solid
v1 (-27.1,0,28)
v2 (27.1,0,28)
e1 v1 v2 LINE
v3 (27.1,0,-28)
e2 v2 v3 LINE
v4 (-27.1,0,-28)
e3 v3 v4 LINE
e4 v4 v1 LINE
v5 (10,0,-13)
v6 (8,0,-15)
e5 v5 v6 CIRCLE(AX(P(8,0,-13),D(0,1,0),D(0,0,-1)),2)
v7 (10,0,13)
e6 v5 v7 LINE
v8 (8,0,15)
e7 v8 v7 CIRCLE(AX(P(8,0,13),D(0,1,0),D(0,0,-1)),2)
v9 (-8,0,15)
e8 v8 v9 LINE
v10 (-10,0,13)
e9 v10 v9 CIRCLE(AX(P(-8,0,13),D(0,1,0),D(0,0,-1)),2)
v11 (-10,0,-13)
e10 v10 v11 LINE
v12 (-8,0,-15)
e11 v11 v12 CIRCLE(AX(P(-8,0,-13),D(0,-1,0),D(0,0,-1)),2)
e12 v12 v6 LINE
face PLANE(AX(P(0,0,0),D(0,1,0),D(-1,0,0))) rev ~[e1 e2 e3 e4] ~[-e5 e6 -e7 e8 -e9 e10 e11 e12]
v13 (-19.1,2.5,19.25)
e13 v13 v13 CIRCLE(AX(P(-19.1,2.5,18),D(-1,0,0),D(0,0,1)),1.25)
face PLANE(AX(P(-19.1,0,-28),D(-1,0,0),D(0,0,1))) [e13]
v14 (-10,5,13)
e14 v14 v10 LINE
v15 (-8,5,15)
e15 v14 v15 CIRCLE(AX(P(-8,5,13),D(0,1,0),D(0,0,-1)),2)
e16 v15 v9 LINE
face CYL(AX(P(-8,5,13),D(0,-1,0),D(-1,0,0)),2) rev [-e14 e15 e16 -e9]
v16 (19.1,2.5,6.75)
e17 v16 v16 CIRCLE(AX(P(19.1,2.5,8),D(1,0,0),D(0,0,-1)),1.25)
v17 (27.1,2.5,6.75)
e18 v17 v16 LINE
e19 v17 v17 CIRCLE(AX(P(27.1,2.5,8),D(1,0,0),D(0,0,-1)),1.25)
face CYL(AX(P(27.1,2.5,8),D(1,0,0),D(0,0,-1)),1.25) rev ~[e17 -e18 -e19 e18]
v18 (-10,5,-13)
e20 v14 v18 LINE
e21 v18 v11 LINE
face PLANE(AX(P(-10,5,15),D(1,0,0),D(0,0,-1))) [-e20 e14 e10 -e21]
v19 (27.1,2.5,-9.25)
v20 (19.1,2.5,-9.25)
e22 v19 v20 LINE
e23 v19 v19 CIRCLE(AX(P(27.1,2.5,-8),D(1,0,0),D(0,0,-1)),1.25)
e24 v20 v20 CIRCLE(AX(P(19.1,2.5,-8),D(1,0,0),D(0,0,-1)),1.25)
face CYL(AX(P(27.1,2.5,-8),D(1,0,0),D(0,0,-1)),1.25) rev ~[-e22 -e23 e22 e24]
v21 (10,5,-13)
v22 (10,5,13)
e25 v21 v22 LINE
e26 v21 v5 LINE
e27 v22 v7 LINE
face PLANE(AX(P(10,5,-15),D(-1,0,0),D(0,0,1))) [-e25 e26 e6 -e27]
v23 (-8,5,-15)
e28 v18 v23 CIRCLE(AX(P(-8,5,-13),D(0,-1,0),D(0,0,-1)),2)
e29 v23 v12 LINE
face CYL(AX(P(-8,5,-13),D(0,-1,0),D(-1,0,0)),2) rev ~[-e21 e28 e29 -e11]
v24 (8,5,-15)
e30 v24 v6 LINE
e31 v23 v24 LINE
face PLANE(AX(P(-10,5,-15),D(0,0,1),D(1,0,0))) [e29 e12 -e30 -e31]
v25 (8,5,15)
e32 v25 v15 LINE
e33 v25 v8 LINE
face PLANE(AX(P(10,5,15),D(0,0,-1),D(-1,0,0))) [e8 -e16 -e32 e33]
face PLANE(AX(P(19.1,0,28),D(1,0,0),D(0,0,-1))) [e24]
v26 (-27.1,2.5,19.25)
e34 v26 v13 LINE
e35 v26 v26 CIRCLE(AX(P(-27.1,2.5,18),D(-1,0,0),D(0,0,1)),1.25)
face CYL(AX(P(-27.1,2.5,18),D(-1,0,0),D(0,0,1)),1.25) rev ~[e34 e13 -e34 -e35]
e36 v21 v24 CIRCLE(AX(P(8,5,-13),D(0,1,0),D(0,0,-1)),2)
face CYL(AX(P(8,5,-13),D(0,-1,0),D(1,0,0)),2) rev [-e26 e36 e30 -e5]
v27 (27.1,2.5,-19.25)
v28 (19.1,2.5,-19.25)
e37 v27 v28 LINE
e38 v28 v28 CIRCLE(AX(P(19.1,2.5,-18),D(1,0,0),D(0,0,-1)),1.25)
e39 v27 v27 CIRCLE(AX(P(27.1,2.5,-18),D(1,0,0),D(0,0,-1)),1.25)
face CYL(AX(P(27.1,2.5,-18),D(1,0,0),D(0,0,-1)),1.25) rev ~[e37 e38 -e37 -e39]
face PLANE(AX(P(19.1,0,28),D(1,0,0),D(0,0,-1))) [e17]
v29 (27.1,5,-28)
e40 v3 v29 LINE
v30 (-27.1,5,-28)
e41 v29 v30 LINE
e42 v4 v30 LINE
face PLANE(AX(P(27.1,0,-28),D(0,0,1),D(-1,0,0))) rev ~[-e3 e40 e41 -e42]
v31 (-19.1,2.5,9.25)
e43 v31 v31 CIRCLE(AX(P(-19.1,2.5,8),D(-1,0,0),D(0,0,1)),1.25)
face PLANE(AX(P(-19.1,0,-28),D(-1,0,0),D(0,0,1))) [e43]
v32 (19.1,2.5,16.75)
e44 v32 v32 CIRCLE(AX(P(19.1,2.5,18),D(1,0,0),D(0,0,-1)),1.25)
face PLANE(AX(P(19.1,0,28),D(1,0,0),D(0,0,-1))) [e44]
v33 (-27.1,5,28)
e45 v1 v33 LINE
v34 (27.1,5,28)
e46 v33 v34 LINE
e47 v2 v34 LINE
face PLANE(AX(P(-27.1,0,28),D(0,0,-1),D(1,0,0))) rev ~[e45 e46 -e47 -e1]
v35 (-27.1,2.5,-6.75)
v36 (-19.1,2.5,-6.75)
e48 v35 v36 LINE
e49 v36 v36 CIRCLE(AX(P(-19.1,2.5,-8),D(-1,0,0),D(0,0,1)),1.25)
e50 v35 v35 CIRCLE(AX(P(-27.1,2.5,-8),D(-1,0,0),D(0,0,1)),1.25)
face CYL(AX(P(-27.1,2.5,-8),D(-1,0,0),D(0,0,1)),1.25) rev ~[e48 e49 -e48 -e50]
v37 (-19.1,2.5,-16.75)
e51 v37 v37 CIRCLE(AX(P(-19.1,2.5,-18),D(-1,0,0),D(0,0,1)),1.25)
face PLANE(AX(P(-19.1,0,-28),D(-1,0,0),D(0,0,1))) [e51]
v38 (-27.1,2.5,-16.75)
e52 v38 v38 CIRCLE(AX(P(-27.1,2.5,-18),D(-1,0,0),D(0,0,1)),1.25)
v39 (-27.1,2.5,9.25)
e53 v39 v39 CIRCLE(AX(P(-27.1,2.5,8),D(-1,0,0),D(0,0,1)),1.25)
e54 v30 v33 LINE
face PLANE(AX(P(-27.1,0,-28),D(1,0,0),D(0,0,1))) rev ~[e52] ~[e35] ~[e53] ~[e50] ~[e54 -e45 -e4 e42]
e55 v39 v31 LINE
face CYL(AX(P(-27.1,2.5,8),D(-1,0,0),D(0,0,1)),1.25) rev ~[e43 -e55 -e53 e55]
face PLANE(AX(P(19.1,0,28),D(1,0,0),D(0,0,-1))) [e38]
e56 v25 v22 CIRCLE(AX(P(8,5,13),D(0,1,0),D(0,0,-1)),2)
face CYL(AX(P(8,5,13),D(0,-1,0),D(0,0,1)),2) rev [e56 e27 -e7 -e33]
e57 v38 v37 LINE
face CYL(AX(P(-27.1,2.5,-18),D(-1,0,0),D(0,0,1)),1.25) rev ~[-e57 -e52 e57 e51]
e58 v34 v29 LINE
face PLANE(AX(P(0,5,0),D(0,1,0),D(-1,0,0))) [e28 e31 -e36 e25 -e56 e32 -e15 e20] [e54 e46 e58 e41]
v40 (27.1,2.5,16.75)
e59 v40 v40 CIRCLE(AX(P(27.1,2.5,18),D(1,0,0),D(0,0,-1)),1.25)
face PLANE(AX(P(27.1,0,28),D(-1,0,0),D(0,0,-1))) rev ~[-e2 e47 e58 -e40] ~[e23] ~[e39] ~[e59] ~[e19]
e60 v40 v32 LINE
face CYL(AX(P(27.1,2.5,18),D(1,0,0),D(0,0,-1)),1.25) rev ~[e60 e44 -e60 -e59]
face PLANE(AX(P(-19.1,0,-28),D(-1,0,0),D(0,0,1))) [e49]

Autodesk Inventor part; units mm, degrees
ref_plane "YZ Plane" through (0, 0, 0) normal (1, 0, 0) x (0, 1, 0)
ref_plane "XZ Plane" through (0, 0, 0) normal (0, 1, 0) x (-1, 0, 0)
ref_plane "XY Plane" through (0, 0, 0) normal (0, 0, 1) x (1, 0, 0)
sketch "스케치1" plane through (0, 0, 0) normal (0, 1, 0) x (-1, 0, 0)
  line L0 (27.1, 28) -> (-27.1, 28)
  line L1 (-27.1, 28) -> (-27.1, -28)
  line L2 (-27.1, -28) -> (27.1, -28)
  line L3 (27.1, -28) -> (27.1, 28)
  point P0 (0, 0)
  dimension "d0" = 54.2
  dimension "d1" = 56
  dimension "d2" = 27.1
  dimension "d3" = 28
extrude "돌출1" add sketch "스케치1" along normal blind 5
sketch "스케치5" plane through (27.1, 0, 28) normal (1, 0, 0) x (0, 0, -1)
  line L0 (0, 0) -> (56, 0) projected
  line L1 (56, 0) -> (56, 5) projected
  line L2 (0, 5) -> (56, 5) projected
  line L3 (0, 0) -> (0, 5) projected
  circle A0 centre (10, 2.5) radius 1.25
  circle A1 centre (20, 2.5) radius 1.25
  circle A2 centre (46, 2.5) radius 1.25
  circle A3 centre (36, 2.5) radius 1.25
  point P0 (28, 0)
  dimension "d16" = 2.5
  dimension "d17" = 2.5
  dimension "d18" = 2.5
  dimension "d19" = 2.5
  dimension "d20" = 2.5
  dimension "d21" = 2.5
  dimension "d22" = 2.5
  dimension "d23" = 2.5
  dimension "d24" = 10
  dimension "d25" = 20
  dimension "d26" = 20
  dimension "d27" = 10
extrude "돌출5" cut sketch "스케치5" against normal blind 8 contours A0 | A1 | A2 | A3
sketch "스케치6" plane through (-27.1, 0, -28) normal (-1, 0, 0) x (0, 0, 1)
  circle A0 centre (10, 2.5) radius 1.25 projected
  circle A1 centre (46, 2.5) radius 1.25 projected
  circle A2 centre (36, 2.5) radius 1.25 projected
  circle A3 centre (20, 2.5) radius 1.25 projected
  line L0 (56, 0) -> (0, 0) projected
  line L1 (0, 0) -> (0, 5) projected
  line L2 (56, 5) -> (0, 5) projected
  line L3 (56, 0) -> (56, 5) projected
  point P0 (28, 0)
extrude "돌출6" cut sketch "스케치6" against normal blind 8 contours A0 | A1 | A2 | A3
sketch "스케치7" plane through (0, 5, 0) normal (0, 1, 0) x (1, 0, 0)
  line L0 (-10, 15) -> (10, 15)
  line L1 (10, 15) -> (10, -15)
  line L2 (10, -15) -> (-10, -15)
  line L3 (-10, -15) -> (-10, 15)
  point P0 (0, 0)
  dimension "d32" = 20
  dimension "d33" = 30
  dimension "d34" = 10
  dimension "d35" = 15
extrude "돌출7" cut sketch "스케치7" against normal up to surface (5 mm away)
fillet "모깎기1" radius 2 4 edges at (-10, 2.5, -15) (10, 2.5, -15) (-10, 2.5, 15) (10, 2.5, 15)
equation "\"d2\" = 0.5 * d0"
equation "\"d3\" = 0.5 * d1"
equation "\"d34\" = 0.5 * d32"
equation "\"d35\" = 0.5 * d33"
properties part number "J1J2_Bottom" material "알루미늄 6061"
